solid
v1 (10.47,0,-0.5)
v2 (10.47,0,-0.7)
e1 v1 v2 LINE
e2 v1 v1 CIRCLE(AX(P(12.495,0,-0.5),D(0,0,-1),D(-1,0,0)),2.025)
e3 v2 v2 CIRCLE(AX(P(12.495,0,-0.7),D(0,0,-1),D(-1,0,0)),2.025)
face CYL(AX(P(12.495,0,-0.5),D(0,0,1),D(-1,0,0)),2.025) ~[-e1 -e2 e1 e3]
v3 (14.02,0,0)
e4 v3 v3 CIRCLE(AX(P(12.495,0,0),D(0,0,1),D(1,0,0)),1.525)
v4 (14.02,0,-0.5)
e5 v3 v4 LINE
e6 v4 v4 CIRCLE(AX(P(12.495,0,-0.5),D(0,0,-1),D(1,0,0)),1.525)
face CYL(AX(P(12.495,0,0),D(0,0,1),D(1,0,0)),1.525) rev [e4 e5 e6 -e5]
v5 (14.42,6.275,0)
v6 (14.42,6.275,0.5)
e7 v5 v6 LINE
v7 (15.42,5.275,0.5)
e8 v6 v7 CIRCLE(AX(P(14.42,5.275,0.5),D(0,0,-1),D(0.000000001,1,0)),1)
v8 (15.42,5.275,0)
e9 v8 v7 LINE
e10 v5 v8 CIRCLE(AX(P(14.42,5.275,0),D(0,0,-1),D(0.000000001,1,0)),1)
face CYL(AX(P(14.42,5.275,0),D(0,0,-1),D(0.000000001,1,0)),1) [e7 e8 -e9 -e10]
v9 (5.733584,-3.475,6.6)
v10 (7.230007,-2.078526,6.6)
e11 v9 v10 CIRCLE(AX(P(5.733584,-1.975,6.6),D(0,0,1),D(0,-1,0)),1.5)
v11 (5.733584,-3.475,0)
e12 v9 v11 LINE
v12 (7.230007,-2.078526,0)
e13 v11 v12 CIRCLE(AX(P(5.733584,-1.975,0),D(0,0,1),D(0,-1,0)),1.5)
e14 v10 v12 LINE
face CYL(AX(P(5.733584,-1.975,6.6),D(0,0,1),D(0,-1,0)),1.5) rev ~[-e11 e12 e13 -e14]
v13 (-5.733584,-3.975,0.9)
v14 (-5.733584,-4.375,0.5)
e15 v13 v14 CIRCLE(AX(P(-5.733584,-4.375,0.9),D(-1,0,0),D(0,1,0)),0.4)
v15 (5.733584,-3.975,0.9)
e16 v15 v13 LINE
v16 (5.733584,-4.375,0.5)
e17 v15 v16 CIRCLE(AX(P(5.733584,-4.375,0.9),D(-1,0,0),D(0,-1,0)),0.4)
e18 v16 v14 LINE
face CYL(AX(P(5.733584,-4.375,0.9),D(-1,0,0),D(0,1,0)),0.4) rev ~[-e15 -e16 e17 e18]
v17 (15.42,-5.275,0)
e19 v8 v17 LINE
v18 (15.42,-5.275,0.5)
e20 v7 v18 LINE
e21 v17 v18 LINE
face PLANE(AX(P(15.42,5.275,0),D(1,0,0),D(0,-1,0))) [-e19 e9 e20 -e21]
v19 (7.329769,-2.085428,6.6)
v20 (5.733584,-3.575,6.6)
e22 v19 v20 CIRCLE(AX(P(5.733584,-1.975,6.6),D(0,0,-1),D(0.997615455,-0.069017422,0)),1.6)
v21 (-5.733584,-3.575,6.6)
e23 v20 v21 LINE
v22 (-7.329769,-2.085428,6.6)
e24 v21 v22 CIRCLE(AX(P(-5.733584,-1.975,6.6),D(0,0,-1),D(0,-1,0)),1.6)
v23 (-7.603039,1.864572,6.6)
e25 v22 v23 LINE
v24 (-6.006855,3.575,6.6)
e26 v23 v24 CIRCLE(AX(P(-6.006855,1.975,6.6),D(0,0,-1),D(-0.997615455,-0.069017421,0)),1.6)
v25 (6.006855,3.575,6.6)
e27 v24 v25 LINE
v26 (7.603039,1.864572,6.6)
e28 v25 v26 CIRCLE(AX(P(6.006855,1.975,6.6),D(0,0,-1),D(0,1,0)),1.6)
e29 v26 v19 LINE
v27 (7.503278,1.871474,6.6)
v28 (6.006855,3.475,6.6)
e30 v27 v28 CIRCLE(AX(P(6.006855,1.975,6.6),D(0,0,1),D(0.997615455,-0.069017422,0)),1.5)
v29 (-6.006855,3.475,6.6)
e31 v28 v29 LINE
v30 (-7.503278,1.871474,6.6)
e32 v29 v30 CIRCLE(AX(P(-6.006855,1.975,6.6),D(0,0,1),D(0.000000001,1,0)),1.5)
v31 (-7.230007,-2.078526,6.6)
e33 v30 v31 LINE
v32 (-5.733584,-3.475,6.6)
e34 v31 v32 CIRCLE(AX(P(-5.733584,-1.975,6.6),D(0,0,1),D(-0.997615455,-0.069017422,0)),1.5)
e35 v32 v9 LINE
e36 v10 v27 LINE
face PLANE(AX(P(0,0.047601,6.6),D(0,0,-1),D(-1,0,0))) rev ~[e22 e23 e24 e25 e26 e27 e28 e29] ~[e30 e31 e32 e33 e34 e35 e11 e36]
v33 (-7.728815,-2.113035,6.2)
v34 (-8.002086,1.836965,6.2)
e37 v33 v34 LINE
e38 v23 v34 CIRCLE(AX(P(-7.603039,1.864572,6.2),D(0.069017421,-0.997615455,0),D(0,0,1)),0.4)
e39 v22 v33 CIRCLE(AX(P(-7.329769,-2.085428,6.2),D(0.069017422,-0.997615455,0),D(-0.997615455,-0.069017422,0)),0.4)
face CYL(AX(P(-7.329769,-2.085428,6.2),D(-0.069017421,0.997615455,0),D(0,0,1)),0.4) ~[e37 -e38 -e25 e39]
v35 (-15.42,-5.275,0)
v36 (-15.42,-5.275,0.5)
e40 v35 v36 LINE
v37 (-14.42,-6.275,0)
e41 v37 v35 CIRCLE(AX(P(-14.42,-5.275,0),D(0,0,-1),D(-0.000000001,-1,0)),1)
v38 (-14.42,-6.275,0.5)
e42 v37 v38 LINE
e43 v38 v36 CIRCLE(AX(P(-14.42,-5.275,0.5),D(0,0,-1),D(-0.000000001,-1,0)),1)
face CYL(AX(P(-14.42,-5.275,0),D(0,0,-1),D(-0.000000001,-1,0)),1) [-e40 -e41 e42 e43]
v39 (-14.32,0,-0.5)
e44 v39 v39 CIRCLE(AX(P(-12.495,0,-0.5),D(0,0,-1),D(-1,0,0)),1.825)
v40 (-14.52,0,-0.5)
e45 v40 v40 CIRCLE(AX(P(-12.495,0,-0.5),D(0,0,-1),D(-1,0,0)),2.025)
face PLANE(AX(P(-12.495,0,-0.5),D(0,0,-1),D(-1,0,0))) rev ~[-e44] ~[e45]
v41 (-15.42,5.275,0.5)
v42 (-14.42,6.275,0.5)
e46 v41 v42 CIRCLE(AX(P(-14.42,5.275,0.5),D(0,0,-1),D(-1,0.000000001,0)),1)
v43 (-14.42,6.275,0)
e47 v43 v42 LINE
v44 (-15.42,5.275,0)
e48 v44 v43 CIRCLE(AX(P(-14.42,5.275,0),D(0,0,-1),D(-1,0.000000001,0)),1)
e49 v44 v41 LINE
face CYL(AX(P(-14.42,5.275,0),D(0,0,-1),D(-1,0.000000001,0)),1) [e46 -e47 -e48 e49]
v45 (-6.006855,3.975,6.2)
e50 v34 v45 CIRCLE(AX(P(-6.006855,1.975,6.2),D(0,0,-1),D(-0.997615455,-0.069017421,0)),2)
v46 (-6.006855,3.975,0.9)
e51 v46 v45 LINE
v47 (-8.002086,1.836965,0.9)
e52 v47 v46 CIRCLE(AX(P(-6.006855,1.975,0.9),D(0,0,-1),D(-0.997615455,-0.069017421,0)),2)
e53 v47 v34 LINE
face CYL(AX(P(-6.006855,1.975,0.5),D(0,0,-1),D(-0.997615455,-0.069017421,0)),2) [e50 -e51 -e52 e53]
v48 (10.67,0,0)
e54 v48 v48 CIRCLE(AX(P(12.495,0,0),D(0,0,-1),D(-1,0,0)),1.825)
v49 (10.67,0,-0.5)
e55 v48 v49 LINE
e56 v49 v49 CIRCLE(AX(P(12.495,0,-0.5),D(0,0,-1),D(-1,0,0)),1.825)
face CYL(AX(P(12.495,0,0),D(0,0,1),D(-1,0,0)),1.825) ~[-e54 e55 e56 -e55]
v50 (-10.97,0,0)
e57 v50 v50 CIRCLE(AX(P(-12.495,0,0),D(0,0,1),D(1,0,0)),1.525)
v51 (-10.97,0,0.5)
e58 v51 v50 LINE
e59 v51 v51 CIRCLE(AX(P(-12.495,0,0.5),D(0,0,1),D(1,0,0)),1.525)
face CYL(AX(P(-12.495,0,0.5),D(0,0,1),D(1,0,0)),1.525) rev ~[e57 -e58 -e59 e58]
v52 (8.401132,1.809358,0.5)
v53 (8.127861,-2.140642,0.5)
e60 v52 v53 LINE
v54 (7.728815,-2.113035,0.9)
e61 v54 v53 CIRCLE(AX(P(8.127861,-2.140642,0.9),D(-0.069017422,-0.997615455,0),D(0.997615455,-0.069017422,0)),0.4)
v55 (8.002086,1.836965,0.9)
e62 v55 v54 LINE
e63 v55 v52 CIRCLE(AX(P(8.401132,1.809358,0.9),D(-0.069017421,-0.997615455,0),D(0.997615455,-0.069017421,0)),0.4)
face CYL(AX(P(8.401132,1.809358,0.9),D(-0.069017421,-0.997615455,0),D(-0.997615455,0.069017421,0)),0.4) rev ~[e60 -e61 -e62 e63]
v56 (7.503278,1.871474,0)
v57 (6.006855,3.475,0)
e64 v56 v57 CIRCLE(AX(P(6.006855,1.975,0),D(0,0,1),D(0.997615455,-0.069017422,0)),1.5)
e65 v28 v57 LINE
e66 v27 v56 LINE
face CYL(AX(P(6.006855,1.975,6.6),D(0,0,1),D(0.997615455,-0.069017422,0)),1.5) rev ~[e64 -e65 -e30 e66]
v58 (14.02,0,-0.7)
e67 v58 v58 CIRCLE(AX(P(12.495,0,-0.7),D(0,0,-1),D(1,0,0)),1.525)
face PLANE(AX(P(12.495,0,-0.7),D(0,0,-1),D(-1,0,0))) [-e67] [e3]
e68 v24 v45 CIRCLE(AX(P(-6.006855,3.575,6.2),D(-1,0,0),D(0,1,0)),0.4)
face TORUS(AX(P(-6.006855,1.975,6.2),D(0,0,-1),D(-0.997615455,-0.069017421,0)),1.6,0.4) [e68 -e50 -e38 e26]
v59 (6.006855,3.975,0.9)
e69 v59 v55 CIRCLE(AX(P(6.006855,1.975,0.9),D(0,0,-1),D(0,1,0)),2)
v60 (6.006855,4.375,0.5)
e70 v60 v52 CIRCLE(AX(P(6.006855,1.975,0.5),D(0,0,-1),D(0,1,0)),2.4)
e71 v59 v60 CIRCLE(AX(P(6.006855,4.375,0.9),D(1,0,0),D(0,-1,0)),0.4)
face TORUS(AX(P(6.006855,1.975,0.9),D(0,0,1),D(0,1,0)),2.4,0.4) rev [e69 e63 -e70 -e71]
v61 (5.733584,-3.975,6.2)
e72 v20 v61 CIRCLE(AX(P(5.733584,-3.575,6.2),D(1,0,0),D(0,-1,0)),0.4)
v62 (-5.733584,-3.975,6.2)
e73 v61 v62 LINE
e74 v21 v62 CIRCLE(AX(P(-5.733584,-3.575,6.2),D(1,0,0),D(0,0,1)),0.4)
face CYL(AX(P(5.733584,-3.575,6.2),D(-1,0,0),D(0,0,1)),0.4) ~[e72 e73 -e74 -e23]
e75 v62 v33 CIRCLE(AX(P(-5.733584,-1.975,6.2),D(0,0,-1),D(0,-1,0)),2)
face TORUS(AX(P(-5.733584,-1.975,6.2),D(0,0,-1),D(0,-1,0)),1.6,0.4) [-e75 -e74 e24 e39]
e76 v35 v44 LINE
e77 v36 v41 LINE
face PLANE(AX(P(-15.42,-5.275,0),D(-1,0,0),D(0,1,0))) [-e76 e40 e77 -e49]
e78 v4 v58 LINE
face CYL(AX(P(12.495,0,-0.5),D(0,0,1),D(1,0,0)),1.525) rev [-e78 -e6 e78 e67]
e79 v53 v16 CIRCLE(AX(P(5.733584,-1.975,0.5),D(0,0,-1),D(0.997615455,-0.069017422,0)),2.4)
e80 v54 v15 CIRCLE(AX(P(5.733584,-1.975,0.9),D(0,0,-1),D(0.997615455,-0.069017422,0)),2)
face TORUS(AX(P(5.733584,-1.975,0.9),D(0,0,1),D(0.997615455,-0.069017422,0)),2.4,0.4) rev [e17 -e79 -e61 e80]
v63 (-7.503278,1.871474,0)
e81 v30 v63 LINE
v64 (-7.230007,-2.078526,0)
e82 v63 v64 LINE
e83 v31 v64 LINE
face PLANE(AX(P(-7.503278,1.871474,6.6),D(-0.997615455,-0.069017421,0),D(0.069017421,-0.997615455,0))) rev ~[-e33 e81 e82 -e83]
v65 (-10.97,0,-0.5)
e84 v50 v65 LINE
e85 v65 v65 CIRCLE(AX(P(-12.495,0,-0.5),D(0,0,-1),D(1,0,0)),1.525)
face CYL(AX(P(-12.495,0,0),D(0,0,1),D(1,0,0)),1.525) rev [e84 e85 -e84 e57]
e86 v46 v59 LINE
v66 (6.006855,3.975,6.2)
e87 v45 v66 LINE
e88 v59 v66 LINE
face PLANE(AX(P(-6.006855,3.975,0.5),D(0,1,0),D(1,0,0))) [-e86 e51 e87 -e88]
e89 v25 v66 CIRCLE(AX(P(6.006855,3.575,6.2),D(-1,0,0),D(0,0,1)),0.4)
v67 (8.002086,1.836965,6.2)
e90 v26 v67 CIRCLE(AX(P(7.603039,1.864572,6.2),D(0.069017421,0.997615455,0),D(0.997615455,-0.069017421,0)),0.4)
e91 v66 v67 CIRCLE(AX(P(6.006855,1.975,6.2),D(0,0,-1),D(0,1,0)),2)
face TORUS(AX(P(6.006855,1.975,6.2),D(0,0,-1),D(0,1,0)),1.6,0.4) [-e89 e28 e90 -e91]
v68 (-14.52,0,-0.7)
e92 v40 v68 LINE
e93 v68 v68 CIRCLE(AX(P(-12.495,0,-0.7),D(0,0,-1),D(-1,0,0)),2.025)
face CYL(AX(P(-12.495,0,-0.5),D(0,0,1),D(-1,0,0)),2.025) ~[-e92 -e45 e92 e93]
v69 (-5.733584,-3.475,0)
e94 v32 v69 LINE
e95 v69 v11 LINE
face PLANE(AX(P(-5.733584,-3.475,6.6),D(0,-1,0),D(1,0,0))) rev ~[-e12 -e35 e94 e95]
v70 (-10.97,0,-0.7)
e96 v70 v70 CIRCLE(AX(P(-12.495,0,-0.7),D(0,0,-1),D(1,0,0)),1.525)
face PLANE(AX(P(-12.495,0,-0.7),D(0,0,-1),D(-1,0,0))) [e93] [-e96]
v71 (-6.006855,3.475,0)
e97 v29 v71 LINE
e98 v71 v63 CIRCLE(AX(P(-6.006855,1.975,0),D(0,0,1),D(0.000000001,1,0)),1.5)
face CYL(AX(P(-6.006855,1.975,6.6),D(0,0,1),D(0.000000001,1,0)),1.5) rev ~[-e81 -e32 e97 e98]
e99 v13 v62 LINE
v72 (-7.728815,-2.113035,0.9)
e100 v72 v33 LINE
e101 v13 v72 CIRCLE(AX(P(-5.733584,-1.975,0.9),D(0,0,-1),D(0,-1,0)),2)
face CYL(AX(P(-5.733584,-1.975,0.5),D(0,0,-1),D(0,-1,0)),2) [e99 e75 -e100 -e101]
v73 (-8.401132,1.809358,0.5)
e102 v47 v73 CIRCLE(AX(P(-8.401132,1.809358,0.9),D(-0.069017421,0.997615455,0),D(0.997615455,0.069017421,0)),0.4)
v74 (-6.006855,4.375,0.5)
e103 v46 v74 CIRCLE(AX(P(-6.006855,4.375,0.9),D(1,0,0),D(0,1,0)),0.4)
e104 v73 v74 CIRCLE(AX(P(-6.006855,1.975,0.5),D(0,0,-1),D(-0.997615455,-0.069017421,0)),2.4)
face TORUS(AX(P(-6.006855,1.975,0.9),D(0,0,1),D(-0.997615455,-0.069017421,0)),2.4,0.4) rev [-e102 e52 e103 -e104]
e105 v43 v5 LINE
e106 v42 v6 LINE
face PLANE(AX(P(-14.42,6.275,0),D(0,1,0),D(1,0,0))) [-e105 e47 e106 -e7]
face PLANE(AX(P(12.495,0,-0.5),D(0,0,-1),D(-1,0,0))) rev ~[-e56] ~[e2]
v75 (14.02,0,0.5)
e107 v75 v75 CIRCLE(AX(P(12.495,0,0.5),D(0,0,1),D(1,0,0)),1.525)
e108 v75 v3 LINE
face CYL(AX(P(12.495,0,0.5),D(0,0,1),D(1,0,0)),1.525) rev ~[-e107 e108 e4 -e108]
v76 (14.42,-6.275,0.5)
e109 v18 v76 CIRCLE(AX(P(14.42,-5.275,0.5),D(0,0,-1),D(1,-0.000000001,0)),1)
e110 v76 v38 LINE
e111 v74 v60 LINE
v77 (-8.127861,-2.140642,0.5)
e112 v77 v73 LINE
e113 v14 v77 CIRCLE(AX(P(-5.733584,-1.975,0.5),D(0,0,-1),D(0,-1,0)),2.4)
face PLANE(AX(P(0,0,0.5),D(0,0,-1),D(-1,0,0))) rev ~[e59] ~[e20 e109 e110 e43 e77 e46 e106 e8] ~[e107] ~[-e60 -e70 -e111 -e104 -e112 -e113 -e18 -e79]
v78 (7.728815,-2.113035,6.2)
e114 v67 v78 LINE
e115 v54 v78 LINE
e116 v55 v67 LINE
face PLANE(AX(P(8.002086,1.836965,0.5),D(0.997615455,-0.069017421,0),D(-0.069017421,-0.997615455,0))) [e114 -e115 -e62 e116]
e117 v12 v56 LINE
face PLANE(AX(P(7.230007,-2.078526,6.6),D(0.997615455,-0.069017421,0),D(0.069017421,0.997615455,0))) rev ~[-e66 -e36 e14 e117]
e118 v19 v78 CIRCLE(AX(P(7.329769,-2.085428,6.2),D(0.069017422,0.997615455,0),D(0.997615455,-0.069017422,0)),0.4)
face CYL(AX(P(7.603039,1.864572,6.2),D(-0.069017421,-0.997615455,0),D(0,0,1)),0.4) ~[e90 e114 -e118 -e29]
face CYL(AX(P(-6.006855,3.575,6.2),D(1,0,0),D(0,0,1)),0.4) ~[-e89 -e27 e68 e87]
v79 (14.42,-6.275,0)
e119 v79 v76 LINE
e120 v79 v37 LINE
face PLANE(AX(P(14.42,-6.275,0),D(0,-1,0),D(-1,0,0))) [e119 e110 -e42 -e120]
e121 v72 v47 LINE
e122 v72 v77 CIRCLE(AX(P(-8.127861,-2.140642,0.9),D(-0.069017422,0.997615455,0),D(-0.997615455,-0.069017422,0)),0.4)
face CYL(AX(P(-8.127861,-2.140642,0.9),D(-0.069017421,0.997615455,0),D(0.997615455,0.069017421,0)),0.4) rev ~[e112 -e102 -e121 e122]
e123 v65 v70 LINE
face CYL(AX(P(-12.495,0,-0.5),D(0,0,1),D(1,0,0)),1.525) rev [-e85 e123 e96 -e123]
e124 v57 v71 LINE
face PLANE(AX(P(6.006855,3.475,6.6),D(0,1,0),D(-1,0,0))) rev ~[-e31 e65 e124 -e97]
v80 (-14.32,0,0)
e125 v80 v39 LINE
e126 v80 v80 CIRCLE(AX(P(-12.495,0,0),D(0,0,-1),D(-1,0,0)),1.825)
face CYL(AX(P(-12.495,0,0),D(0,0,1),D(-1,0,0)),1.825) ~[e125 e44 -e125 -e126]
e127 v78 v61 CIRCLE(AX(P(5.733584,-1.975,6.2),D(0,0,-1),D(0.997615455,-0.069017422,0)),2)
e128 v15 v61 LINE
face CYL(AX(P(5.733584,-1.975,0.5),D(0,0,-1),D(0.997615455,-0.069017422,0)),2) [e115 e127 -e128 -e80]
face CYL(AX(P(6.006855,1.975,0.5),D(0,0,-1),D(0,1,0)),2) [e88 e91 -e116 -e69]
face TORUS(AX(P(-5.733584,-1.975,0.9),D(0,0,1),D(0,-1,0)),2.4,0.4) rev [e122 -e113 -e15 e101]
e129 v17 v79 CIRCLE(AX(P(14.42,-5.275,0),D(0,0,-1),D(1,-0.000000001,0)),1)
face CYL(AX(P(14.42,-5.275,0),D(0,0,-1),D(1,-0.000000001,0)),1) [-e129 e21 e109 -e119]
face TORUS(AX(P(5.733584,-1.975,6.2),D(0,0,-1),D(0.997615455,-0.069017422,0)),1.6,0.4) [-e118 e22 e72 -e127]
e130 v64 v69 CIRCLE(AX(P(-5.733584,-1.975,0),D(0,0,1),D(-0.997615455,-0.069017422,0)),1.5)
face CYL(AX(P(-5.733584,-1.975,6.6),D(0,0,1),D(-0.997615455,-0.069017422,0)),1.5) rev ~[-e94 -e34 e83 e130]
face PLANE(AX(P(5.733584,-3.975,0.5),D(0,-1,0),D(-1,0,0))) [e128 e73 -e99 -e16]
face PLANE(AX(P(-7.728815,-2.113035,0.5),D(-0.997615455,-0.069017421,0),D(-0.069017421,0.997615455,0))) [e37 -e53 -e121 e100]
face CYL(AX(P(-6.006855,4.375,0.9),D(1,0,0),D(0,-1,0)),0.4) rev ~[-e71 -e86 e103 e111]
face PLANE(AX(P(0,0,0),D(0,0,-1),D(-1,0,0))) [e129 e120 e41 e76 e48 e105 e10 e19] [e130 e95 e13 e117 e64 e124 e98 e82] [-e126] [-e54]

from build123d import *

# Parameters (mm, degrees)
BOSS_EXTRUDE1_DEPTH = 0.5
SKETCH2_R           = 1.525
CUT_EXTRUDE1_DEPTH  = 0.5
BOSS_EXTRUDE2_DEPTH = 6.1
SKETCH9_R           = 1.825
SKETCH9_R_2         = 1.525
BOSS_EXTRUDE3_DEPTH = 0.5
SKETCH10_R          = 2.025
SKETCH10_R_2        = 1.525
BOSS_EXTRUDE4_DEPTH = 0.2
CUT_EXTRUDE2_DEPTH  = 6.6
FILLET1_R           = 0.4
FILLET2_R           = 0.4


with BuildPart() as part:
    # Sketch1 → Boss-Extrude1 (new body)
    with BuildSketch(Plane.XY):
        with BuildLine():
            Line((-14.42, 6.275), (14.42, 6.275))
            ThreePointArc((14.42, 6.275), (15.127106781, 5.982106781), (15.42, 5.275))
            Line((15.42, 5.275), (15.42, -5.275))
            ThreePointArc((15.42, -5.275), (15.127106781, -5.982106781), (14.42, -6.275))
            Line((14.42, -6.275), (-14.42, -6.275))
            ThreePointArc((-14.42, -6.275), (-15.127106781, -5.982106781), (-15.42, -5.275))
            Line((-15.42, -5.275), (-15.42, 5.275))
            ThreePointArc((-15.42, 5.275), (-15.127106781, 5.982106781), (-14.42, 6.275))
        make_face()
    extrude(amount=BOSS_EXTRUDE1_DEPTH)

    # Sketch2 → Cut-Extrude1 (cut)
    with BuildSketch(Plane.XY.offset(0.5)):
        with Locations((-12.495, 0)):
            Circle(SKETCH2_R)
        with Locations((12.495, 0)):
            Circle(SKETCH2_R)
    extrude(amount=-CUT_EXTRUDE1_DEPTH, mode=Mode.SUBTRACT)

    # Sketch3 → Boss-Extrude2 (add)
    with BuildSketch(Plane.XY.offset(0.5)):
        with BuildLine():
            Line((-6.00685473, 3.975), (6.00685473, 3.975))
            ThreePointArc((6.00685473, 3.975), (7.469056783, 3.339538441), (8.00208564, 1.836965157))
            Line((8.00208564, 1.836965157), (7.7288152, -2.113034843))
            ThreePointArc((7.7288152, -2.113034843), (7.098122731, -3.437202053), (5.73358429, -3.975))
            Line((5.73358429, -3.975), (-5.73358429, -3.975))
            ThreePointArc((-5.73358429, -3.975), (-7.098122731, -3.437202053), (-7.7288152, -2.113034843))
            Line((-7.7288152, -2.113034843), (-8.00208564, 1.836965157))
            ThreePointArc((-8.00208564, 1.836965157), (-7.469056783, 3.339538441), (-6.00685473, 3.975))
        make_face()
    extrude(amount=BOSS_EXTRUDE2_DEPTH)

    # Sketch9 → Boss-Extrude3 (add)
    with BuildSketch(Plane(origin=(0, 0, 0), x_dir=(-1, 0, 0), z_dir=(0, 0, -1))):
        with Locations((-12.495, 0)):
            Circle(SKETCH9_R)
        with Locations(Location((-12.495, 0, 0), (0, 0, 180))):
            Circle(SKETCH9_R_2, mode=Mode.SUBTRACT)
        with Locations((12.495, 0)):
            Circle(SKETCH9_R)
        with Locations(Location((12.495, 0, 0), (0, 0, 180))):
            Circle(SKETCH9_R_2, mode=Mode.SUBTRACT)
    extrude(amount=BOSS_EXTRUDE3_DEPTH)

    # Sketch10 → Boss-Extrude4 (add)
    with BuildSketch(Plane(origin=(0, 0, -0.5), x_dir=(-1, 0, 0), z_dir=(0, 0, -1))):
        with Locations((-12.495, 0)):
            Circle(SKETCH10_R)
        with Locations(Location((-12.495, 0, 0), (0, 0, 180))):
            Circle(SKETCH10_R_2, mode=Mode.SUBTRACT)
        with Locations((12.495, 0)):
            Circle(SKETCH10_R)
        with Locations(Location((12.495, 0, 0), (0, 0, 180))):
            Circle(SKETCH10_R_2, mode=Mode.SUBTRACT)
    extrude(amount=BOSS_EXTRUDE4_DEPTH)

    # Sketch11 → Cut-Extrude2 (cut)
    with BuildSketch(Plane.XY.offset(6.6)):
        with BuildLine():
            Line((-7.503277912, 1.871473868), (-7.230007472, -2.078526132))
            ThreePointArc((-7.230007472, -2.078526132), (-6.756988121, -3.071651539), (-5.73358429, -3.475))
            Line((-5.73358429, -3.475), (5.73358429, -3.475))
            ThreePointArc((5.73358429, -3.475), (6.756988121, -3.071651539), (7.230007472, -2.078526132))
            Line((7.230007472, -2.078526132), (7.503277912, 1.871473868))
            ThreePointArc((7.503277912, 1.871473868), (7.10350627, 2.998403831), (6.00685473, 3.475))
            Line((6.00685473, 3.475), (-6.00685473, 3.475))
            ThreePointArc((-6.00685473, 3.475), (-7.10350627, 2.998403831), (-7.503277912, 1.871473868))
        make_face()
    extrude(amount=-CUT_EXTRUDE2_DEPTH, mode=Mode.SUBTRACT)

    # Fillet1
    fillet1_edges = [part.edges().sort_by_distance(p)[0] for p in [
        (7.098122731, -3.437202053, 6.6),
        (7.86545042, -0.138034843, 6.6),
        (7.469056783, 3.339538441, 6.6),
        (0, 3.975, 6.6),
        (-7.469056783, 3.339538441, 6.6),
        (-7.86545042, -0.138034843, 6.6),
        (-7.098122731, -3.437202053, 6.6),
        (0, -3.975, 6.6),
    ]]
    fillet(fillet1_edges, radius=FILLET1_R)

    # Fillet2
    fillet2_edges = [part.edges().sort_by_distance(p)[0] for p in [
        (7.098122731, -3.437202053, 0.5),
        (7.86545042, -0.138034843, 0.5),
        (7.469056783, 3.339538441, 0.5),
        (0, 3.975, 0.5),
        (-7.469056783, 3.339538441, 0.5),
        (-7.86545042, -0.138034843, 0.5),
        (-7.098122731, -3.437202053, 0.5),
        (0, -3.975, 0.5),
    ]]
    fillet(fillet2_edges, radius=FILLET2_R)


solid = part.part
